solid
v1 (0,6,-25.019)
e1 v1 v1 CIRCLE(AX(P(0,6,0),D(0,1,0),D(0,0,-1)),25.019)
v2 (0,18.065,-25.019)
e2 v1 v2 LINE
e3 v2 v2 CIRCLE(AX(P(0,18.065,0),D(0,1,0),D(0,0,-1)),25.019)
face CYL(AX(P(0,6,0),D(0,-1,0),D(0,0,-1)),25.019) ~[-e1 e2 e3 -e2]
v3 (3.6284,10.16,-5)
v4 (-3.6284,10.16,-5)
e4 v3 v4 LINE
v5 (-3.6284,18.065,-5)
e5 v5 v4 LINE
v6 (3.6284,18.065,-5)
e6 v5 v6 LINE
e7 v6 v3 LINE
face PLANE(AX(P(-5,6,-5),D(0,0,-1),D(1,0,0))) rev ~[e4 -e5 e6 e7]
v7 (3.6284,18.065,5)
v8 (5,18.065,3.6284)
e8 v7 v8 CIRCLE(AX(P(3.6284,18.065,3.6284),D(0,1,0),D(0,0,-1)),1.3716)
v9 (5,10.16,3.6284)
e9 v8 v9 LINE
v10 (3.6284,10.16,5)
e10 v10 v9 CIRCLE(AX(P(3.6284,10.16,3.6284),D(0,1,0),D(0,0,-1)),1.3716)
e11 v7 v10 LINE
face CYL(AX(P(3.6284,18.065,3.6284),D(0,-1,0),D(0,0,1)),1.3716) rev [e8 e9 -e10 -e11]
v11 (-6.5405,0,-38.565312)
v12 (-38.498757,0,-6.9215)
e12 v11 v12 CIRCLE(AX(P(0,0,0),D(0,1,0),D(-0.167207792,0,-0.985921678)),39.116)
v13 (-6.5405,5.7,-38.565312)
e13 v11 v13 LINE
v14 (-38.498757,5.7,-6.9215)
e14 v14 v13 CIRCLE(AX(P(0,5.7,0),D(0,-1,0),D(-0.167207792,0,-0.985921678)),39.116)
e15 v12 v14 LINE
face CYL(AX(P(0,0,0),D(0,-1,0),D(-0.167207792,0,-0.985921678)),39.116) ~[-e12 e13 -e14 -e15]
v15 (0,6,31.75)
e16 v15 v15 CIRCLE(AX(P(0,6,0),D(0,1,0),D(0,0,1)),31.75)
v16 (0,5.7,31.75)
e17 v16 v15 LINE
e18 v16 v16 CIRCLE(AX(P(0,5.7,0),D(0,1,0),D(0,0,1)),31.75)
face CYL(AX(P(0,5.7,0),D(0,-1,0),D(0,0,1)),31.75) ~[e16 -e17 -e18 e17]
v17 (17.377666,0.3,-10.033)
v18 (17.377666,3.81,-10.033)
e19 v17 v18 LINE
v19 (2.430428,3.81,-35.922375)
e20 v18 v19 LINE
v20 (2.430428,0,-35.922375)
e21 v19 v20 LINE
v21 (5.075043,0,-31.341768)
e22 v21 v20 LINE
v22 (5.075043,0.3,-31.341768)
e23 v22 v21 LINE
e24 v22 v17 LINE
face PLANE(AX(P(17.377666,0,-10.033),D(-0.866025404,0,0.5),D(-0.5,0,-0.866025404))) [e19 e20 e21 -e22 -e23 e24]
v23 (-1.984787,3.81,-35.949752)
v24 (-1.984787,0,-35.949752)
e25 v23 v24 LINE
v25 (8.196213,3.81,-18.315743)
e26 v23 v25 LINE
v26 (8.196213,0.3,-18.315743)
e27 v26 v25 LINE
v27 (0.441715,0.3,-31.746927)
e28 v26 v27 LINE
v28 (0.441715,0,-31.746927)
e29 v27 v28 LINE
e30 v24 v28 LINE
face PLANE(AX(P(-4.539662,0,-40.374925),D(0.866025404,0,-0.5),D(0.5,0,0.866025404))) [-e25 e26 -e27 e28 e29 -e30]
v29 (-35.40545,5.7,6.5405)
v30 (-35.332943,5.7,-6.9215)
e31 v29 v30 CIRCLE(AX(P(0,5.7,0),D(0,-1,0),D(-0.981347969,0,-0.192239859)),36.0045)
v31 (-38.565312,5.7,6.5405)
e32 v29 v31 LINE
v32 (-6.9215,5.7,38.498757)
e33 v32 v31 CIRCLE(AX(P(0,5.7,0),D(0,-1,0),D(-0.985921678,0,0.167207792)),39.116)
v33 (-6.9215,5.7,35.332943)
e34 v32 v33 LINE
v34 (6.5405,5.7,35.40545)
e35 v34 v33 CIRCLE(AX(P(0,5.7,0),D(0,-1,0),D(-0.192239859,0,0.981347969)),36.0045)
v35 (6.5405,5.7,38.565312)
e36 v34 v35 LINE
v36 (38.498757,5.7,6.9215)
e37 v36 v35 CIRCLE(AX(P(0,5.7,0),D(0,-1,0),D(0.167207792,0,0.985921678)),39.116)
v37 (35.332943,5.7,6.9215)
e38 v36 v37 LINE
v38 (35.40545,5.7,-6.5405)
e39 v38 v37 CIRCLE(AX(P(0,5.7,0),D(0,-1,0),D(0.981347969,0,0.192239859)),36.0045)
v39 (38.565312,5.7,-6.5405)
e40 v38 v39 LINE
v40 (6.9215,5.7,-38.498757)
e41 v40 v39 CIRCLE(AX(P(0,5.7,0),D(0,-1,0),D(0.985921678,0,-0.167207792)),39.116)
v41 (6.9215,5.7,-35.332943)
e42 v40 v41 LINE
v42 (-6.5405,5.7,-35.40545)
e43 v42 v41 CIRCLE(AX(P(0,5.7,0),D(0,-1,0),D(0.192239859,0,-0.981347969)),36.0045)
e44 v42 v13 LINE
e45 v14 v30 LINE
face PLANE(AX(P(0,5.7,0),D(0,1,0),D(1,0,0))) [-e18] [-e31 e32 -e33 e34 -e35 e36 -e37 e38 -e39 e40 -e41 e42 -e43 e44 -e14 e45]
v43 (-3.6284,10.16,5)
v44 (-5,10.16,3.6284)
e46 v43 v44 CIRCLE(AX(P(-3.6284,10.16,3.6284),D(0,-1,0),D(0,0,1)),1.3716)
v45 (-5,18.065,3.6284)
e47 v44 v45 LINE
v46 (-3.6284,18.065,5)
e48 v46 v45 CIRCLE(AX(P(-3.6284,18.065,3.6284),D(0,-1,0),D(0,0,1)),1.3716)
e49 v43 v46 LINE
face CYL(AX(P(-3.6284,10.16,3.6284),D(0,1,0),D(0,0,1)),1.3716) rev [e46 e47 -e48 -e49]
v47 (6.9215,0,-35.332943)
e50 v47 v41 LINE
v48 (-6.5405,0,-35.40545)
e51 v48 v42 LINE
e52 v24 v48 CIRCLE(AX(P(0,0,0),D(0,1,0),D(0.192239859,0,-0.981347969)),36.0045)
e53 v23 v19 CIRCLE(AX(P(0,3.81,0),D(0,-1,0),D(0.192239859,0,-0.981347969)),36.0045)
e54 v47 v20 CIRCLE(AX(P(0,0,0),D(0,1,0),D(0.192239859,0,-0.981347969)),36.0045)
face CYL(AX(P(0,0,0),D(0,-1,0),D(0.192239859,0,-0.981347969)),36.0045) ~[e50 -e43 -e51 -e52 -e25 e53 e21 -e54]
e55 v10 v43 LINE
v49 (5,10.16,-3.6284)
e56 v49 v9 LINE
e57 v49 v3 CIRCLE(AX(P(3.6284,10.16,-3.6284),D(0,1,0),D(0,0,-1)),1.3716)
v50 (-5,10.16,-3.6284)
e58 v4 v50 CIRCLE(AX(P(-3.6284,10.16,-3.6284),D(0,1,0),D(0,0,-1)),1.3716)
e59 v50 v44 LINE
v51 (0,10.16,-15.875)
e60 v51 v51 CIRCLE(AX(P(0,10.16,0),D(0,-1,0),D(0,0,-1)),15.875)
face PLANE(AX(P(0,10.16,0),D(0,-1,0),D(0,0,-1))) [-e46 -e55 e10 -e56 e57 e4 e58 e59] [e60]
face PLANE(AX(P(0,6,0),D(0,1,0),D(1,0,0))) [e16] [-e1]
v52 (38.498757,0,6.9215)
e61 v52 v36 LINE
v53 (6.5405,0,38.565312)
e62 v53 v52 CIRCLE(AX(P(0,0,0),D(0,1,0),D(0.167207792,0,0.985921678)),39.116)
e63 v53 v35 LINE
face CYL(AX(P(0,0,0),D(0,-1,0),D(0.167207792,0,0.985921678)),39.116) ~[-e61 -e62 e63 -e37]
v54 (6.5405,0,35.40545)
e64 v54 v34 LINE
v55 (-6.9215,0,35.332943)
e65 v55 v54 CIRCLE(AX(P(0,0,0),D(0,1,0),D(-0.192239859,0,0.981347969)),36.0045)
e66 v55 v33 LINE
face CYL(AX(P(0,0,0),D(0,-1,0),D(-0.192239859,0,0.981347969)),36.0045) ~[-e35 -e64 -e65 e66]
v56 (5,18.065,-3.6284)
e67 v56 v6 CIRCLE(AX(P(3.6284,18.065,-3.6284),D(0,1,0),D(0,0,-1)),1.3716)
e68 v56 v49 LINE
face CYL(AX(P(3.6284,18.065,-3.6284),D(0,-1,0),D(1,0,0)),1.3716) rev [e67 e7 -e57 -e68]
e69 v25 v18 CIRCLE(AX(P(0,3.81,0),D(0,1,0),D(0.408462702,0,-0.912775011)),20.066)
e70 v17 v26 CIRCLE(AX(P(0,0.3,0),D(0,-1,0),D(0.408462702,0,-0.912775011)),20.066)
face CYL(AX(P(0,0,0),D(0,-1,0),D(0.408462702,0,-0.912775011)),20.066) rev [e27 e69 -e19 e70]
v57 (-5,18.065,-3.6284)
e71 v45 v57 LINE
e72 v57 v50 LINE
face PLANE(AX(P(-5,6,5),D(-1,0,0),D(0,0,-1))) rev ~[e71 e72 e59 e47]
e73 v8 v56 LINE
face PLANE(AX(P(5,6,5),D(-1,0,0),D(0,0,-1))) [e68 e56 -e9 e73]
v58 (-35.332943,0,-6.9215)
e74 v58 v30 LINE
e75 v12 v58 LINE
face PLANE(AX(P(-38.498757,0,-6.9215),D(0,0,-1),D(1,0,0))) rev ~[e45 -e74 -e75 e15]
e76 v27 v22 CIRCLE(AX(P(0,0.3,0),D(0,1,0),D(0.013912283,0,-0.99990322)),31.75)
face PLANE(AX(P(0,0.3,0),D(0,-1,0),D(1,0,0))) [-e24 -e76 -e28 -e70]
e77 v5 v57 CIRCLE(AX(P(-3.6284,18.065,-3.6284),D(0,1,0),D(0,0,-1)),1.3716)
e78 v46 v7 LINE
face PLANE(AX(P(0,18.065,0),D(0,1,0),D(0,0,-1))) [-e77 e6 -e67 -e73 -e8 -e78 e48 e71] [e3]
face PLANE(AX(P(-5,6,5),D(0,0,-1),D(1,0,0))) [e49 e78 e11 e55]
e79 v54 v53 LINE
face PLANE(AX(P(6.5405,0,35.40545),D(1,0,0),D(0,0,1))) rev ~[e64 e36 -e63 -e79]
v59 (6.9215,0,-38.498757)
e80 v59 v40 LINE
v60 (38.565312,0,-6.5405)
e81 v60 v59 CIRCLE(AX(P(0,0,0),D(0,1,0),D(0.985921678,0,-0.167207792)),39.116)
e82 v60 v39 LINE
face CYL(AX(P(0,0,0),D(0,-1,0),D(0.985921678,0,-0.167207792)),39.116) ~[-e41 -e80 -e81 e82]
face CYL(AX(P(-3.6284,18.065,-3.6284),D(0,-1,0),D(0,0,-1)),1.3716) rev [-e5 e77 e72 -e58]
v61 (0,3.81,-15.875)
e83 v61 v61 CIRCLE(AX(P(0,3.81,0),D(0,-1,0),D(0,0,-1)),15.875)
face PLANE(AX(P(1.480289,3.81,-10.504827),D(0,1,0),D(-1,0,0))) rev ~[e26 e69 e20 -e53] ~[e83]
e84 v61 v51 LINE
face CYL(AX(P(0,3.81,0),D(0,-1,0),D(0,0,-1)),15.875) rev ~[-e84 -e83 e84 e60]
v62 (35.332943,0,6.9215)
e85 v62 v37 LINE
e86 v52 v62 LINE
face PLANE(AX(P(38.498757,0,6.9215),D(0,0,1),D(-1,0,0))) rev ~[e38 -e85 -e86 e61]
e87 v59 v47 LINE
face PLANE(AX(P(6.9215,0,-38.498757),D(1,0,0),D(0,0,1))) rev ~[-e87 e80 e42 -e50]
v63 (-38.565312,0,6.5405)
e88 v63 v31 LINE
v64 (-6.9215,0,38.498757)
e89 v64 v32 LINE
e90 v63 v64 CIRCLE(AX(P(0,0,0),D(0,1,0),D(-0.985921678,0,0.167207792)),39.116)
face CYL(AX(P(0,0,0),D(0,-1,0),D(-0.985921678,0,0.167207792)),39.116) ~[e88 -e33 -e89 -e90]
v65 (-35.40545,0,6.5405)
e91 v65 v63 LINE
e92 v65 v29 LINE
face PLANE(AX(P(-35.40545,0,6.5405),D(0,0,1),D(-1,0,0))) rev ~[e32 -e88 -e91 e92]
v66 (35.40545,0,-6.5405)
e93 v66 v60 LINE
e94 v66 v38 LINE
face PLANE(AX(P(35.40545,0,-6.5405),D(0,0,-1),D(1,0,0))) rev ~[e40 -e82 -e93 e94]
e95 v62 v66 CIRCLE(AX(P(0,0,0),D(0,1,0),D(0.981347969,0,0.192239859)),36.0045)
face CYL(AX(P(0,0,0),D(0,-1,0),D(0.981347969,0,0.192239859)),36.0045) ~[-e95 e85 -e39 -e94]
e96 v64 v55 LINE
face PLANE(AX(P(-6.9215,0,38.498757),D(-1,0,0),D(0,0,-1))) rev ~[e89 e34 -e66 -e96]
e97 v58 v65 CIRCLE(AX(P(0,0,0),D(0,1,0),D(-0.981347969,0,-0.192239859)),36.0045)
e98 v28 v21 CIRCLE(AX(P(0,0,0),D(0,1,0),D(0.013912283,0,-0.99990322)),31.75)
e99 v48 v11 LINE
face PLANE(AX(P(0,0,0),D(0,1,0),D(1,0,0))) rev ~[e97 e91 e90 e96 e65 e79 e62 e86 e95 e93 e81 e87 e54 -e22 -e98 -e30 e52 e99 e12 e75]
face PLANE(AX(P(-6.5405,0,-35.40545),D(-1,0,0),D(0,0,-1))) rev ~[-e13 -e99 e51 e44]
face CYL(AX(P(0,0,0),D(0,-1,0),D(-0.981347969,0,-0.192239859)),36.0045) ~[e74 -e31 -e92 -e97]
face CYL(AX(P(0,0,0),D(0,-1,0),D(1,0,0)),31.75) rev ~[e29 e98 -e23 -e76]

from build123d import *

# Parameters (mm, degrees)
SKETCH1_W           = 10
SKETCH1_H           = 10
BOSS_EXTRUDE2_DEPTH = 6
CUT_EXTRUDE1_DEPTH  = 3.81
SKETCH3_R           = 31.75
CUT_EXTRUDE2_DEPTH  = 0.3
SKETCH4_R           = 25.019
SKETCH4_W           = 10
SKETCH4_H           = 10
BOSS_EXTRUDE3_DEPTH = 12.065
SKETCH5_R           = 15.875
CUT_EXTRUDE3_DEPTH  = 6.35
FILLET1_R           = 1.3716
CUT_EXTRUDE4_START  = -0.3
SKETCH6_R           = 54.970137174
SKETCH6_R_2         = 31.75
CUT_EXTRUDE4_DEPTH  = 0.3


with BuildPart() as part:
    # Sketch1 → Boss-Extrude2 (new body)
    with BuildSketch(Plane(origin=(0, 0, 0), x_dir=(1, 0, 0), z_dir=(0, 1, 0))):
        with BuildLine():
            Line((35.405449863, 6.5405), (38.565312338, 6.5405))
            ThreePointArc((38.565312338, 6.5405), (27.795594479, 27.522107178), (6.9215, 38.498757042))
            Line((6.9215, 38.498757042), (6.9215, 35.332942957))
            ThreePointArc((6.9215, 35.332942957), (0.19391896, 36.003977776), (-6.5405, 35.405449863))
            Line((-6.5405, 35.405449863), (-6.5405, 38.565312338))
            ThreePointArc((-6.5405, 38.565312338), (-27.522107178, 27.795594479), (-38.498757042, 6.9215))
            Line((-38.498757042, 6.9215), (-35.332942957, 6.9215))
            ThreePointArc((-35.332942957, 6.9215), (-36.003977776, 0.19391896), (-35.405449863, -6.5405))
            Line((-35.405449863, -6.5405), (-38.565312338, -6.5405))
            ThreePointArc((-38.565312338, -6.5405), (-27.795594479, -27.522107178), (-6.9215, -38.498757042))
            Line((-6.9215, -38.498757042), (-6.9215, -35.332942957))
            ThreePointArc((-6.9215, -35.332942957), (-0.19391896, -36.003977776), (6.5405, -35.405449863))
            Line((6.5405, -35.405449863), (6.5405, -38.565312338))
            ThreePointArc((6.5405, -38.565312338), (27.522107178, -27.795594479), (38.498757042, -6.9215))
            Line((38.498757042, -6.9215), (35.332942957, -6.9215))
            ThreePointArc((35.332942957, -6.9215), (36.003977776, -0.19391896), (35.405449863, 6.5405))
        make_face()
        Rectangle(SKETCH1_W, SKETCH1_H, mode=Mode.SUBTRACT)
    extrude(amount=BOSS_EXTRUDE2_DEPTH)

    # Sketch2 → Cut-Extrude1 (cut)
    with BuildSketch(Plane.XZ):
        with BuildLine():
            Line((17.377665752, -10.033), (-0.286554615, -40.628327152))
            ThreePointArc((-0.286554615, -40.628327152), (-2.416432138, -40.557415308), (-4.539661745, -40.374924792))
            Line((-4.539661745, -40.374924792), (8.196212586, -18.315743371))
            ThreePointArc((8.196212586, -18.315743371), (-13.440862054, 14.899247741), (17.377665752, -10.033))
        make_face()
    extrude(amount=-CUT_EXTRUDE1_DEPTH, mode=Mode.SUBTRACT)

    # Sketch3 → Cut-Extrude2 (cut)
    with BuildSketch(Plane.XZ):
        Circle(SKETCH3_R)
    extrude(amount=-CUT_EXTRUDE2_DEPTH, mode=Mode.SUBTRACT)

    # Sketch4 → Boss-Extrude3 (add)
    with BuildSketch(Plane(origin=(0, 6, 0), x_dir=(1, 0, 0), z_dir=(0, 1, 0))):
        with Locations(Location((0, 0, 0), (0, 0, 90))):
            Circle(SKETCH4_R)
        Rectangle(SKETCH4_W, SKETCH4_H, mode=Mode.SUBTRACT)
    extrude(amount=BOSS_EXTRUDE3_DEPTH)

    # Sketch5 → Cut-Extrude3 (cut)
    with BuildSketch(Plane.XZ.offset(-3.81)):
        with Locations(Location((0, 0, 0), (0, 0, 270))):
            Circle(SKETCH5_R)
    extrude(amount=-CUT_EXTRUDE3_DEPTH, mode=Mode.SUBTRACT)

    # Fillet1
    fillet1_edges = [part.edges().sort_by_distance(p)[0] for p in [
        (5, 14.1125, -5),
        (-5, 14.1125, -5),
        (-5, 14.1125, 5),
        (5, 14.1125, 5),
    ]]
    fillet(fillet1_edges, radius=FILLET1_R)

    # Sketch6 → Cut-Extrude4 (cut)
    with BuildSketch(Plane(origin=(0, 6, 0), x_dir=(1, 0, 0), z_dir=(0, 1, 0)).offset(CUT_EXTRUDE4_START)):
        Circle(SKETCH6_R)
        with Locations(Location((0, 0, 0), (0, 0, 270))):
            Circle(SKETCH6_R_2, mode=Mode.SUBTRACT)
    extrude(amount=CUT_EXTRUDE4_DEPTH, mode=Mode.SUBTRACT)


solid = part.part
